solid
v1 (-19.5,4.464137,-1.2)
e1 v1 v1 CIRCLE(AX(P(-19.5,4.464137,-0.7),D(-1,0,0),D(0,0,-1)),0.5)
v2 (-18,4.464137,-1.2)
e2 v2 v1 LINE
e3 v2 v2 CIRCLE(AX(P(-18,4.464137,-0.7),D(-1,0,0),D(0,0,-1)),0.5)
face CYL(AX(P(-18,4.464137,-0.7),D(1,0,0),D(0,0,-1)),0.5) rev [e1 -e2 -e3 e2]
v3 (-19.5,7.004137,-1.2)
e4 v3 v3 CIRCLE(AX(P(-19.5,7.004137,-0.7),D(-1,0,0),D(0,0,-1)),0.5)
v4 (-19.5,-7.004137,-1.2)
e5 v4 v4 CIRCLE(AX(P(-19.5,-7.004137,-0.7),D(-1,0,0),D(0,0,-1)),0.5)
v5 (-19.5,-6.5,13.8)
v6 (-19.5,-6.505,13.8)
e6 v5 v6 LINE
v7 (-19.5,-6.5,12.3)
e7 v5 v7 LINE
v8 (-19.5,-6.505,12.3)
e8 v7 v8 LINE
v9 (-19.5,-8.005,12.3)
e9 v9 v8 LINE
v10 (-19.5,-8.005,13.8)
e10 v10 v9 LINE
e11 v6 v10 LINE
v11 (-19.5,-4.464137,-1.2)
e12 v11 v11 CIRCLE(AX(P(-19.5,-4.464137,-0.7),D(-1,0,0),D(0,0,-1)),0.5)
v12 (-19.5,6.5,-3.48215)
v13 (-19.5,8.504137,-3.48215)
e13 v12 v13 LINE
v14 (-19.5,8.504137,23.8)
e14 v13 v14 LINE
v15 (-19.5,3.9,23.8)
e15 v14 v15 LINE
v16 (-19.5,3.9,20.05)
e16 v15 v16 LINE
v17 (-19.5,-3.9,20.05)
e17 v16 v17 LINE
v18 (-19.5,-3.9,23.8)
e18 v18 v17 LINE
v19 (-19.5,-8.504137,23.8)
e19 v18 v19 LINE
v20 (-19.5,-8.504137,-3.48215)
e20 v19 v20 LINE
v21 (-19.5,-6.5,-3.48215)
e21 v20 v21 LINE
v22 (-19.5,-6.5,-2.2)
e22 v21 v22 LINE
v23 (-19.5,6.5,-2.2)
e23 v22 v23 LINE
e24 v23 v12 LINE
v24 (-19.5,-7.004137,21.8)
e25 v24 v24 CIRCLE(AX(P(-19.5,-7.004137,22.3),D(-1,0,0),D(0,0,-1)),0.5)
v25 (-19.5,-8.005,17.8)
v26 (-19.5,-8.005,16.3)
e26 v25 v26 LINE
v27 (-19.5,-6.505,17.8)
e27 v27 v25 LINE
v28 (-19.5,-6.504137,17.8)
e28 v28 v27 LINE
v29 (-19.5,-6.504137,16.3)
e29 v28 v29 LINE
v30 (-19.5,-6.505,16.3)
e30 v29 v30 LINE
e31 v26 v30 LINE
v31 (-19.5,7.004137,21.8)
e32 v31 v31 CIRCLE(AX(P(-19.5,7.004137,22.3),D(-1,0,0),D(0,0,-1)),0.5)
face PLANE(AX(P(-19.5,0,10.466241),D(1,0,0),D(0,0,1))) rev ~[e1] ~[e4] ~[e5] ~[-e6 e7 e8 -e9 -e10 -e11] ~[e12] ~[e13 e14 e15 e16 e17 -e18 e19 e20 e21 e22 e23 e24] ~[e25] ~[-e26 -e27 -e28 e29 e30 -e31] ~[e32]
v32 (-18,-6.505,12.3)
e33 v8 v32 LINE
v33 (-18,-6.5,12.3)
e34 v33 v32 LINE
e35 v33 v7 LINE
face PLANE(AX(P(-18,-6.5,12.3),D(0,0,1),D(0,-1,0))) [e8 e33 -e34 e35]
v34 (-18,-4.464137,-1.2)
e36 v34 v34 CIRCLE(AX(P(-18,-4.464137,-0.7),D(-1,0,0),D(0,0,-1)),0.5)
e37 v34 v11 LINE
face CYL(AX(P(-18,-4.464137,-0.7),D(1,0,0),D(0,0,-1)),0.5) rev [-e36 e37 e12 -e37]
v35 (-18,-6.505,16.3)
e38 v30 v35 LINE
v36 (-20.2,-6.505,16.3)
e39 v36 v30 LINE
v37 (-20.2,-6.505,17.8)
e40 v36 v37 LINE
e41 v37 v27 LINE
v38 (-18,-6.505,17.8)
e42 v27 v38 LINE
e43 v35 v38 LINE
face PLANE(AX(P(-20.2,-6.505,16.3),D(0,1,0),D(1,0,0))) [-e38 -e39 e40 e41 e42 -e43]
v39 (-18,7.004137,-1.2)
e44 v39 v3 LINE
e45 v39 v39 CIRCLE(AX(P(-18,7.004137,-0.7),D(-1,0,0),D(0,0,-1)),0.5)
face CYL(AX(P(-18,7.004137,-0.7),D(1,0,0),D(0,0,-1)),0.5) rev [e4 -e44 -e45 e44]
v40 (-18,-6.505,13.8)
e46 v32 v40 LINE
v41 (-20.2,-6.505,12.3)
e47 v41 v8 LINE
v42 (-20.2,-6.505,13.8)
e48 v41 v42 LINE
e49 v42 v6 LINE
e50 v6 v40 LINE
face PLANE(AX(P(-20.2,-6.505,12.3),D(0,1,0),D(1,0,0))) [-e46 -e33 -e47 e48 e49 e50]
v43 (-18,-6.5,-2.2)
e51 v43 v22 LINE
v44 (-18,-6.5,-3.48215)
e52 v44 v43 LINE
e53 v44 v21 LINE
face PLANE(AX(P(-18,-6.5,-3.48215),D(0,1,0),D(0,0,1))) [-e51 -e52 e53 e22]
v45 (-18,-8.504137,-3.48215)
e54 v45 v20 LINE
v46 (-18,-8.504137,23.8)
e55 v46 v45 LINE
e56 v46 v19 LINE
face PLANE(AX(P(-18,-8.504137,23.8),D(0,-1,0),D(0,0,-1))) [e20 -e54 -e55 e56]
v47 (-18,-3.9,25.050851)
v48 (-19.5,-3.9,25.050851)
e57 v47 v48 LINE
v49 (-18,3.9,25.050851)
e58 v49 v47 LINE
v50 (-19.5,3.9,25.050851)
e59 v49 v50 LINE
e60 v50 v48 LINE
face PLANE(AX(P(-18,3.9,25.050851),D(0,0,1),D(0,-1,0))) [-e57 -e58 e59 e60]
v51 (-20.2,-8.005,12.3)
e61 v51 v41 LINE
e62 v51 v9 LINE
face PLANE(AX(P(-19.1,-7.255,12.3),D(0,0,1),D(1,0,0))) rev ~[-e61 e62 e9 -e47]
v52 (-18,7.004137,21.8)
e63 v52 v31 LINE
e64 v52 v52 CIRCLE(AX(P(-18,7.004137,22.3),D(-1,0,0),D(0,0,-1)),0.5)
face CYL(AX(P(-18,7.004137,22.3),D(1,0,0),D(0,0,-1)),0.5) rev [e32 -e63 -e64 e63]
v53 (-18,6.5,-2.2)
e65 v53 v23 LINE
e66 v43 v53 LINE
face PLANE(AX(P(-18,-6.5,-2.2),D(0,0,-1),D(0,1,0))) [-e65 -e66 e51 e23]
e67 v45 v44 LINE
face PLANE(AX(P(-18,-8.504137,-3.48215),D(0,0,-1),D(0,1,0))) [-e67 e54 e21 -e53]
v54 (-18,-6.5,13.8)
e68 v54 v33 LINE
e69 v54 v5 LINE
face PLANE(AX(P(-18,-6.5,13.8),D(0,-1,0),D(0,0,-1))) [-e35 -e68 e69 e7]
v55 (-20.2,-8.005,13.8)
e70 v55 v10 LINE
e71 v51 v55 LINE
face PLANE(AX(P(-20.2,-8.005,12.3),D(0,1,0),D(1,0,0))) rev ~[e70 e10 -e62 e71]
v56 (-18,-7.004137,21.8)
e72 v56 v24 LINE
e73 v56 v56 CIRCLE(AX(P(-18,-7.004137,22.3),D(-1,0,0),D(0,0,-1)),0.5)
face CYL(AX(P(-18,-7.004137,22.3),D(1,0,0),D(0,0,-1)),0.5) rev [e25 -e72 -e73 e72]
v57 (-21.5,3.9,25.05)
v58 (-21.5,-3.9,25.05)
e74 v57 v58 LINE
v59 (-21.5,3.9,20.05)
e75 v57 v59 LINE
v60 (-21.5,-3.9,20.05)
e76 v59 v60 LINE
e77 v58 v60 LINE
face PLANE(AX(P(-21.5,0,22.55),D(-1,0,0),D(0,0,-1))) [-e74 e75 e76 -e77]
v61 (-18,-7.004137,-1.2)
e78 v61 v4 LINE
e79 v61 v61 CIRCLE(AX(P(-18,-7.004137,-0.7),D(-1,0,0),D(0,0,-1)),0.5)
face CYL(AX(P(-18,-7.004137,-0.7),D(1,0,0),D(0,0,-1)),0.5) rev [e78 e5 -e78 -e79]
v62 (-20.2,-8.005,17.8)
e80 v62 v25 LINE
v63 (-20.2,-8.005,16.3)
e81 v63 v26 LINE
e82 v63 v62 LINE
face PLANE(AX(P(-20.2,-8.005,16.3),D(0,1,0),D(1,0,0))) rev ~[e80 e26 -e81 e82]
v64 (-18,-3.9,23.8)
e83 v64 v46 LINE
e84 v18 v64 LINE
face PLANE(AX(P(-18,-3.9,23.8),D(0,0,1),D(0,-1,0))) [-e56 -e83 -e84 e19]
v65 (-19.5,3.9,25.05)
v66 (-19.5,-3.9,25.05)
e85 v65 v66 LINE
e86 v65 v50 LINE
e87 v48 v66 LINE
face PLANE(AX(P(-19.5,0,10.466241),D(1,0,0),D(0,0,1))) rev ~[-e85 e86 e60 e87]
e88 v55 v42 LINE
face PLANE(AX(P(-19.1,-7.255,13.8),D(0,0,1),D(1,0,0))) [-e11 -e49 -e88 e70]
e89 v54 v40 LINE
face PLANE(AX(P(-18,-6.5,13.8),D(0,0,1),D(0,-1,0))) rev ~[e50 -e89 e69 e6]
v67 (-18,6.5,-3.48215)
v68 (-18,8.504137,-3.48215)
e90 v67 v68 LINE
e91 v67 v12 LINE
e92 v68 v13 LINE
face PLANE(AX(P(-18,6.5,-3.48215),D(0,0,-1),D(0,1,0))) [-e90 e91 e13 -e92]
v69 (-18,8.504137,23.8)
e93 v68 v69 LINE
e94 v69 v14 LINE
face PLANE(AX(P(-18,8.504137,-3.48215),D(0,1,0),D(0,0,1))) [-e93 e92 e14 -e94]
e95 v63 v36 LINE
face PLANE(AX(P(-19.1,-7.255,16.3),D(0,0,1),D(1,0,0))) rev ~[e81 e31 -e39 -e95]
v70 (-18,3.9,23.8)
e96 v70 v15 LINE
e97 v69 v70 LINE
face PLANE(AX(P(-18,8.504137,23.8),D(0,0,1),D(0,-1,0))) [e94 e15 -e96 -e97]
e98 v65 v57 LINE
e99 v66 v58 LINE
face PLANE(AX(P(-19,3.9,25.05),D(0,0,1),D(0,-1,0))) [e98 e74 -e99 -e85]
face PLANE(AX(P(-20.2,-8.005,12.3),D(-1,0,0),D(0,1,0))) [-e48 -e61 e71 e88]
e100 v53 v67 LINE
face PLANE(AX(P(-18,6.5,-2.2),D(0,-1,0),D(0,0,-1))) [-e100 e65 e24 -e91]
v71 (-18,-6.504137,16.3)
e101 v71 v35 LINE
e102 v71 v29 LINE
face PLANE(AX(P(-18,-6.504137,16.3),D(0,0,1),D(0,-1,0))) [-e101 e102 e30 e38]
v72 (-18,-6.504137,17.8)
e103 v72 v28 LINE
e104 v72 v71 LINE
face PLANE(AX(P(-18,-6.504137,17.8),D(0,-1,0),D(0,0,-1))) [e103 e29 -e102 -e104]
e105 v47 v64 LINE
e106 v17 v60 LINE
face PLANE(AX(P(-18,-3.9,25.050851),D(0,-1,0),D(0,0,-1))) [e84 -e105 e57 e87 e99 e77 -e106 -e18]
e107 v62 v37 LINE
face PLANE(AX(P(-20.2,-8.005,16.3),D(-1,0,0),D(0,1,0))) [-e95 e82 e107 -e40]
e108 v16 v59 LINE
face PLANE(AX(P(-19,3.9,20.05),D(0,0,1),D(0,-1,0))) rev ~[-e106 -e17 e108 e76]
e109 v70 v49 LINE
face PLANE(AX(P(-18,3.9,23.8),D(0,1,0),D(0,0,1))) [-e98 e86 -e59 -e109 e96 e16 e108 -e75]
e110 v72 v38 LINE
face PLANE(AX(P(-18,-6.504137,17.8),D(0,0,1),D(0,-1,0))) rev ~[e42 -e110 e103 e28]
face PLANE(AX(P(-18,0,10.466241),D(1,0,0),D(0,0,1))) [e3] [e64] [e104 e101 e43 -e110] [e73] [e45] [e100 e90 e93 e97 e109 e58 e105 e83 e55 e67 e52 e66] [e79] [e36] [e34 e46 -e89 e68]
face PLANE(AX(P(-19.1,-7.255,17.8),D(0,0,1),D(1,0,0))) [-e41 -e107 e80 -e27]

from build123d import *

# Parameters (mm, degrees)
BOX003_W                  = 2.2
BOX003_H                  = 1.5
BOX003_DEPTH              = 1.5
BOX001_W                  = 5
BOX001_H                  = 7.8
BOX001_DEPTH              = 2.5
SKETCH006_R               = 0.5
SKETCH006_W               = 1.5
SKETCH006_H               = 1.5
PAD006_DEPTH              = 1.5
FUSION002_PITCH_ANGLE     = 90
FUSION002_PLACEMENT_ANGLE = -180
BOX002_W                  = 2.2
BOX002_H                  = 1.5
BOX002_DEPTH              = 1.5


with BuildPart() as cube002:
    # Box003 → Box003 (new body)
    with BuildSketch(Plane(origin=(-16.2, -8.005, 13.3), x_dir=(1, 0, 0), z_dir=(0, 0, 1))):
        with Locations((1.1, 0.75)):
            Rectangle(BOX003_W, BOX003_H)
    extrude(amount=BOX003_DEPTH)


with BuildPart() as cube:
    # Box001 → Box001 (new body)
    with BuildSketch(Plane(origin=(-14.25, -3.9, 1), x_dir=(1, 0, 0), z_dir=(0, 0, 1))):
        with Locations((2.5, 3.9)):
            Rectangle(BOX001_W, BOX001_H)
    extrude(amount=BOX001_DEPTH)


with BuildPart() as re:
    # Sketch006 → Pad006 (new body)
    with BuildSketch(Plane.XY):
        Polygon((-13, 8.504137), (14.28215, 8.504137), (14.28215, 6.5), (13, 6.5), (13, -6.5), (14.28215, -6.5), (14.28215, -8.504137), (-13, -8.504137), (-13, -3.9), (-14.250851, -3.9), (-14.250851, 3.9), (-13, 3.9), align=None)
        with Locations((-11.5, 7.004137)):
            Circle(SKETCH006_R, mode=Mode.SUBTRACT)
        with Locations((-11.5, -7.004137)):
            Circle(SKETCH006_R, mode=Mode.SUBTRACT)
        with Locations((11.5, 7.004137)):
            Circle(SKETCH006_R, mode=Mode.SUBTRACT)
        with Locations((11.5, 4.464137)):
            Circle(SKETCH006_R, mode=Mode.SUBTRACT)
        with Locations((11.5, -7.004137)):
            Circle(SKETCH006_R, mode=Mode.SUBTRACT)
        with Locations((11.5, -4.464137)):
            Circle(SKETCH006_R, mode=Mode.SUBTRACT)
        with Locations((-6.25, 7.254137)):
            Rectangle(SKETCH006_W, SKETCH006_H, mode=Mode.SUBTRACT)
        with Locations((-2.25, 7.25)):
            Rectangle(SKETCH006_W, SKETCH006_H, mode=Mode.SUBTRACT)
    extrude(amount=PAD006_DEPTH)

    # Fusion002: union Cube
    add(cube.part)


with BuildPart() as re_1:
    # Fusion002 pitch: moved
    add(re.part.rotate(Axis((0, 0, 0), (0, 1, 0)), FUSION002_PITCH_ANGLE))


with BuildPart() as re_2:
    # Fusion002 placement: moved
    add(re_1.part.moved(Location((-14, 0, 11.8))).rotate(Axis((-14, 0, 11.8), (0, 0, 1)), FUSION002_PLACEMENT_ANGLE))


with BuildPart() as recharger:
    # Box002 → Box002 (new body)
    with BuildSketch(Plane(origin=(-16.2, -8.005, 17.3), x_dir=(1, 0, 0), z_dir=(0, 0, 1))):
        with Locations((1.1, 0.75)):
            Rectangle(BOX002_W, BOX002_H)
    extrude(amount=BOX002_DEPTH)

    # Fusion003: union Cube002, Re
    add(cube002.part)
    add(re_2.part)


with BuildPart() as recharger_1:
    # Fusion003 placement: moved
    add(recharger.part.moved(Location((-4, 0, -1))))


solid = recharger_1.part
